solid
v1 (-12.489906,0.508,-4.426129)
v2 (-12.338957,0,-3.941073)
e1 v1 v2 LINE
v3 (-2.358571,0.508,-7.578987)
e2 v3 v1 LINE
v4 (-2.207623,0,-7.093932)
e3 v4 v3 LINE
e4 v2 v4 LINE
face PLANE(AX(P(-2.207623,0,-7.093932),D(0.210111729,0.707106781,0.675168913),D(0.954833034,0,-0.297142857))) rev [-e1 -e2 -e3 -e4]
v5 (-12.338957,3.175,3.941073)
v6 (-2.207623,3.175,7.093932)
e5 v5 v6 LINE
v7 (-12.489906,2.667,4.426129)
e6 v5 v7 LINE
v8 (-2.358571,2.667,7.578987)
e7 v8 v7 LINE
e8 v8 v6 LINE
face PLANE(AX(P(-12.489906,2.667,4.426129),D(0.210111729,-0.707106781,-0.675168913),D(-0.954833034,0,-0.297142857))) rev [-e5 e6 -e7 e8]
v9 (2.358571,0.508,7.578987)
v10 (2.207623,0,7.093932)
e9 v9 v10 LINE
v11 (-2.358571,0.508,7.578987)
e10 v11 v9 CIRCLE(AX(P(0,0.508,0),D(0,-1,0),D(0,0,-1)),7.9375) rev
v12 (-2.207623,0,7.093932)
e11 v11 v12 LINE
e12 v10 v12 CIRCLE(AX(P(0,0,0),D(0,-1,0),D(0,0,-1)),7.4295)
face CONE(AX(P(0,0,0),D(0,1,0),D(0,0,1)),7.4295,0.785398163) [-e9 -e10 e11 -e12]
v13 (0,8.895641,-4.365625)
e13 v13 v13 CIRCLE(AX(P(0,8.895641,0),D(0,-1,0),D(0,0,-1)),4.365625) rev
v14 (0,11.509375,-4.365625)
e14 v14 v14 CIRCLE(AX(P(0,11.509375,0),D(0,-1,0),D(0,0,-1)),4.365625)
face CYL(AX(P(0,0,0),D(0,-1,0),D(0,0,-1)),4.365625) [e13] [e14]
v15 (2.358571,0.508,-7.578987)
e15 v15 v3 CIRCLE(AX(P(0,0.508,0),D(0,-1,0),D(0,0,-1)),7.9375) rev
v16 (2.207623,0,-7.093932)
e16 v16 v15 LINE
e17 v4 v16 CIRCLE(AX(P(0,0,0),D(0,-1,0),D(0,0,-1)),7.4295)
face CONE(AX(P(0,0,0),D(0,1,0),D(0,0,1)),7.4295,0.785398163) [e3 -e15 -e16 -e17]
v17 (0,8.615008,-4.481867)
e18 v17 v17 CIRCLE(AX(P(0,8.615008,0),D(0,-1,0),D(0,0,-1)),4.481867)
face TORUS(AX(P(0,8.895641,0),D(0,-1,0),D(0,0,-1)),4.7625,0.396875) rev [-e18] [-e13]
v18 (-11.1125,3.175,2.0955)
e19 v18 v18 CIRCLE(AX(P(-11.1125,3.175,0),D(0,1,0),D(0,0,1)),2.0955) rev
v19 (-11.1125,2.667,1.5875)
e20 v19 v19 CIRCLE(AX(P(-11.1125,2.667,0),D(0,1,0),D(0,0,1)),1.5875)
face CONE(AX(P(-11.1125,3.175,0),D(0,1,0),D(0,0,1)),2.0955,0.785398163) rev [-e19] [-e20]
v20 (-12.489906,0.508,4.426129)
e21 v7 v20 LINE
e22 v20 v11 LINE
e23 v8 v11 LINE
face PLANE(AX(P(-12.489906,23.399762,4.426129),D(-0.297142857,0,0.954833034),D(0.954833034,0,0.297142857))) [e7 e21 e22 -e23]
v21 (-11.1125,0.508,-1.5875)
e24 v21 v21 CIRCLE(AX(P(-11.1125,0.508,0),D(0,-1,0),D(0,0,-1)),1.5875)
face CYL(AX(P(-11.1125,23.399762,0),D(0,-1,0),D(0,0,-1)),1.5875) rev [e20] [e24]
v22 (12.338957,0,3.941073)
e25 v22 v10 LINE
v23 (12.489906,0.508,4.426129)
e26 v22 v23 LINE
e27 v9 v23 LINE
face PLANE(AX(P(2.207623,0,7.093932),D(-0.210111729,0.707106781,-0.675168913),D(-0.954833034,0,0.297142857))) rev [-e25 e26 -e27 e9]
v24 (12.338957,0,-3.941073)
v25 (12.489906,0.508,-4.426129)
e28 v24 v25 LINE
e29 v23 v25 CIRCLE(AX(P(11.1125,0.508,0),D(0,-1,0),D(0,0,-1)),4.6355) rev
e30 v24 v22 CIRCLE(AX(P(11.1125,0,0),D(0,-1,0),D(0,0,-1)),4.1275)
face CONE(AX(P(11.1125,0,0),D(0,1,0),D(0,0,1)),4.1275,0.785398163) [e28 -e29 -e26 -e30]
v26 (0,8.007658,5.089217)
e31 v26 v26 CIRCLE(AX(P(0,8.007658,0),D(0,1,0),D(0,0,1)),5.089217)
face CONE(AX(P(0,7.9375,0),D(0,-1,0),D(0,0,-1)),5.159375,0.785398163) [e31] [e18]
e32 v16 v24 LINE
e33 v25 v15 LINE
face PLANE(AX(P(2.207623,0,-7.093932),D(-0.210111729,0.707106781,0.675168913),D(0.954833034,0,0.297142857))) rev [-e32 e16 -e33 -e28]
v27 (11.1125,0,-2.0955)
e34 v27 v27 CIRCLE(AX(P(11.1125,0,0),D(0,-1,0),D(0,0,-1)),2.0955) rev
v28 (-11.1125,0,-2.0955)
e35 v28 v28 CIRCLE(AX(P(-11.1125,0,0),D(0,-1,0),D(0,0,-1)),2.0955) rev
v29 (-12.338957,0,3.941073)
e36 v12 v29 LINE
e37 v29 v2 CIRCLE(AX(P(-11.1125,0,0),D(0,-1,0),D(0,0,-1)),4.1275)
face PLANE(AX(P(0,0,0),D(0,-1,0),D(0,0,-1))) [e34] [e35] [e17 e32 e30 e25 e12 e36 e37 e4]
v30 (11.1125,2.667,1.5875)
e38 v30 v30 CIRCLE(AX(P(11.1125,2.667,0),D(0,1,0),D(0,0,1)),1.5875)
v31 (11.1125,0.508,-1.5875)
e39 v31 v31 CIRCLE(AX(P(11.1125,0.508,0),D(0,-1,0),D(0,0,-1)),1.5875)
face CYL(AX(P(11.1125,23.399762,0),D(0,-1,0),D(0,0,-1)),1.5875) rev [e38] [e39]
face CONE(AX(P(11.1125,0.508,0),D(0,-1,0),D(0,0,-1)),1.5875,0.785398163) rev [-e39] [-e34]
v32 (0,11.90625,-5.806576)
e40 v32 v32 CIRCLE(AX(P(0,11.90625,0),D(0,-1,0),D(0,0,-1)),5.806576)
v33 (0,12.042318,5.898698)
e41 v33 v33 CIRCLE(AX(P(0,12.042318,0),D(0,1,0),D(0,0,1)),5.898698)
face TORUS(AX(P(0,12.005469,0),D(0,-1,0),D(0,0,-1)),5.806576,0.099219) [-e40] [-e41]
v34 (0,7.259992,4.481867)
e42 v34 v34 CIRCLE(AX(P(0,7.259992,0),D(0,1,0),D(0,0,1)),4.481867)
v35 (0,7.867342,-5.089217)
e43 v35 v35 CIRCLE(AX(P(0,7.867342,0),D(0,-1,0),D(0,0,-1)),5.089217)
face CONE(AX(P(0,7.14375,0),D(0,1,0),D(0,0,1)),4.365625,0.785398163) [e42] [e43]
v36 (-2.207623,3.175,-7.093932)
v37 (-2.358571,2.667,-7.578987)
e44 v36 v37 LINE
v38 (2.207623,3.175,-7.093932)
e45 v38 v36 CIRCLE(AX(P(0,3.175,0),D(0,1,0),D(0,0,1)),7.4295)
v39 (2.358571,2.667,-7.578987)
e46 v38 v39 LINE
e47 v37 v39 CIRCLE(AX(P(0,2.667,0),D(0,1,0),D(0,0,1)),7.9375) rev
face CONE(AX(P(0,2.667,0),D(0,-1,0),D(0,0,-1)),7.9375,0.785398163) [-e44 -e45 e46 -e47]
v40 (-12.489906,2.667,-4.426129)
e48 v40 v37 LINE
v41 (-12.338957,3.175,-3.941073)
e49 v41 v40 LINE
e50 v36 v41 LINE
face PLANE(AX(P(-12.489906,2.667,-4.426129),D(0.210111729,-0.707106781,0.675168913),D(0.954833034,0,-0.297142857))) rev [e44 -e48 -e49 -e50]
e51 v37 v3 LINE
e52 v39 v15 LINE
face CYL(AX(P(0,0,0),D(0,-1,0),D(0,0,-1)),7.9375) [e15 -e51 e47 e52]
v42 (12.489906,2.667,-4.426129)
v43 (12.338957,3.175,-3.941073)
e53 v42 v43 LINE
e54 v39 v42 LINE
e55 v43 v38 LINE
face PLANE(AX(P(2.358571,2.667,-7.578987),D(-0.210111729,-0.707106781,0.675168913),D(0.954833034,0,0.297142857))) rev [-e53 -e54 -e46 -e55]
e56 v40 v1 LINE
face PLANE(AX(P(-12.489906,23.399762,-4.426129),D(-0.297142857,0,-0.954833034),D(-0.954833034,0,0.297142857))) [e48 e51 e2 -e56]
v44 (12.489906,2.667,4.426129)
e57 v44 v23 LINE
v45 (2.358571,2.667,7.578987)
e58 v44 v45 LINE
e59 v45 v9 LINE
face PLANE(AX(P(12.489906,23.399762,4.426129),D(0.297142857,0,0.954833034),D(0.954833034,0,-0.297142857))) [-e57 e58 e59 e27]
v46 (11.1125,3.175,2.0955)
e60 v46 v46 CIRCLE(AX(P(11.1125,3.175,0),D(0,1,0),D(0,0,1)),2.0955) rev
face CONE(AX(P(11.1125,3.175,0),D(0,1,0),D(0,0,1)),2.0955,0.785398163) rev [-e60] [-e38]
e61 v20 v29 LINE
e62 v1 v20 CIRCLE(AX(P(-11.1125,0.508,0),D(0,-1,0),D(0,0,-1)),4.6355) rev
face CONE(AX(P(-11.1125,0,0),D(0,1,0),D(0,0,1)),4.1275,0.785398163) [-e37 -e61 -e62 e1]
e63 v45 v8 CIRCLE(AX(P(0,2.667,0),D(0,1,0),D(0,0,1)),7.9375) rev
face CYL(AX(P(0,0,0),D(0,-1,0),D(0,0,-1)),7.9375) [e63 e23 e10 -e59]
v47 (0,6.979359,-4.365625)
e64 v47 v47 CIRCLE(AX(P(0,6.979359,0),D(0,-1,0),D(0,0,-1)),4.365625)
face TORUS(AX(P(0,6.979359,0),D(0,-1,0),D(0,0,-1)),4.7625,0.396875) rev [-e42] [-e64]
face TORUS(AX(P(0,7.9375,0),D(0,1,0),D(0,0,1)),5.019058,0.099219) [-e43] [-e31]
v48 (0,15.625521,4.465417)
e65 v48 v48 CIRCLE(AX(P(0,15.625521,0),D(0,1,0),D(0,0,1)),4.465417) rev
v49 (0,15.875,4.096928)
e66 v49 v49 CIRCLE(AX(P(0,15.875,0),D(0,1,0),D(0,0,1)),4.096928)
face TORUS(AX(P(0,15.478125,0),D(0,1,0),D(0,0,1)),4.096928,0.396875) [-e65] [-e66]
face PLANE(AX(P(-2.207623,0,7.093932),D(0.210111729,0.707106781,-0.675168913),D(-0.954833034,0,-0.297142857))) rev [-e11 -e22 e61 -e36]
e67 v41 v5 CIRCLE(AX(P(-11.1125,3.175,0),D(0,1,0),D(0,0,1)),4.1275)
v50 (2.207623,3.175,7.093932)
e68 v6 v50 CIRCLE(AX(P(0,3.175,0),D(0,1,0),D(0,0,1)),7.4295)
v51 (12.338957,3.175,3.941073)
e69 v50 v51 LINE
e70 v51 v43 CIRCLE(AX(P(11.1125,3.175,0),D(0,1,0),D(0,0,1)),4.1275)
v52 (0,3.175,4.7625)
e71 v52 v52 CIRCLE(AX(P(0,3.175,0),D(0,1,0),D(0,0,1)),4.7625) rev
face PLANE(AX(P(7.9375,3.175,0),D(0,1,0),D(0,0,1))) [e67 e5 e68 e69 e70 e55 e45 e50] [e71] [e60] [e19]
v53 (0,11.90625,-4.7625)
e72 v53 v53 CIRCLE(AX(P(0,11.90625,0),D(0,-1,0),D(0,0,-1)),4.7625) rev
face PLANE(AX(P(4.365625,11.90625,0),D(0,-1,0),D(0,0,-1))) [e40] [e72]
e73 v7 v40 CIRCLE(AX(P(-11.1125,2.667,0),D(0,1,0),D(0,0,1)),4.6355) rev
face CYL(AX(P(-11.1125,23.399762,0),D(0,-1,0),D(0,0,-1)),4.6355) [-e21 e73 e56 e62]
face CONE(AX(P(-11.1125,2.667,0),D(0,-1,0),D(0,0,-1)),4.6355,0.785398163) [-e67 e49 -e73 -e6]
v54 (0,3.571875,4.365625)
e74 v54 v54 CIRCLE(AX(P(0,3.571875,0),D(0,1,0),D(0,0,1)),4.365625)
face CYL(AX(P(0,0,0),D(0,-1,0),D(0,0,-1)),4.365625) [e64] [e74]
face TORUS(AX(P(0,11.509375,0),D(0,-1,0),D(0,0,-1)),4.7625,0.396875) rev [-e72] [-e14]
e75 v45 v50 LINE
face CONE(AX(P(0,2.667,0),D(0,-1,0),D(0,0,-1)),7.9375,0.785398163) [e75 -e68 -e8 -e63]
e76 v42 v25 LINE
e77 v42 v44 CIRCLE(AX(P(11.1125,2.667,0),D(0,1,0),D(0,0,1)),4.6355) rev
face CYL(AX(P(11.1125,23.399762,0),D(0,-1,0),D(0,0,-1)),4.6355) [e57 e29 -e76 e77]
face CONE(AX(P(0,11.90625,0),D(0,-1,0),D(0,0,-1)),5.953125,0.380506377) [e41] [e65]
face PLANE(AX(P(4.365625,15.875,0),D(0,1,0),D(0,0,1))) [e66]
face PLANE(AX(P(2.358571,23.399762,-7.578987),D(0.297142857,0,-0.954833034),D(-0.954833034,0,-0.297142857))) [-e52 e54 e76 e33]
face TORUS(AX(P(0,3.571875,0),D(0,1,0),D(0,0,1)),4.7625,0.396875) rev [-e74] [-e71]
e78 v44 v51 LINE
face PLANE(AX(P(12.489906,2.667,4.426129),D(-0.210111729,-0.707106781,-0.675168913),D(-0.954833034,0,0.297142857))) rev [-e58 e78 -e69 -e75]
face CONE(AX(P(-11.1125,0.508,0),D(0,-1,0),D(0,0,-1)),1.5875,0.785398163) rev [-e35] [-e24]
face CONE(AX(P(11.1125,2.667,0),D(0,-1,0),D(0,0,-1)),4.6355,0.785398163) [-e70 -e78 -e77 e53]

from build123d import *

# Parameters (mm, degrees)
SKETCH3_R           = 1.5875
BOSS_EXTRUDE2_DEPTH = 3.175
FILLET1_R           = 0.396875
FILLET2_R           = 0.09921875
CHAMFER1_SIZE       = 0.508


with BuildPart() as part:
    # Sketch1 → Revolve1 (revolve)
    with BuildSketch(Plane.XY):
        Polygon((0, 0), (7.9375, 0), (7.9375, 3.175), (4.365625, 3.175), (4.365625, 7.14375), (5.159375, 7.9375), (4.365625, 8.73125), (4.365625, 11.90625), (5.953125, 11.90625), (4.365625, 15.875), (0, 15.875), align=None)
    revolve(axis=Axis((0, 0, 0), (0, 1, 0)))

    # Sketch3 → Boss-Extrude2 (add)
    with BuildSketch(Plane.XZ):
        with BuildLine():
            Line((-12.489905714, 4.426128528), (-2.358571429, 7.578987206))
            ThreePointArc((-2.358571429, 7.578987206), (-5.442108037, 5.778180194), (-7.424238571, 2.807950834))
            ThreePointArc((-7.424238571, 2.807950834), (-7.808130375, 1.427237294), (-7.9375, 0))
            ThreePointArc((-7.9375, 0), (-7.808130375, -1.427237294), (-7.424238571, -2.807950834))
            ThreePointArc((-7.424238571, -2.807950834), (-5.442108037, -5.778180194), (-2.358571429, -7.578987206))
            Line((-2.358571429, -7.578987206), (-12.489905714, -4.426128528))
            ThreePointArc((-12.489905714, -4.426128528), (-15.748, 0), (-12.489905714, 4.426128528))
        make_face()
        with Locations((-11.1125, 0)):
            Circle(SKETCH3_R, mode=Mode.SUBTRACT)
        with BuildLine():
            Line((2.358571429, -7.578987206), (12.489905714, -4.426128528))
            ThreePointArc((12.489905714, -4.426128528), (15.748, 0), (12.489905714, 4.426128528))
            Line((12.489905714, 4.426128528), (2.358571429, 7.578987206))
            ThreePointArc((2.358571429, 7.578987206), (5.442108037, 5.778180194), (7.424238571, 2.807950834))
            ThreePointArc((7.424238571, 2.807950834), (7.808130375, 1.427237294), (7.9375, 0))
            ThreePointArc((7.9375, 0), (7.808130375, -1.427237294), (7.424238571, -2.807950834))
            ThreePointArc((7.424238571, -2.807950834), (5.442108037, -5.778180194), (2.358571429, -7.578987206))
        make_face()
        with Locations((11.1125, 0)):
            Circle(SKETCH3_R, mode=Mode.SUBTRACT)
    extrude(amount=-BOSS_EXTRUDE2_DEPTH)

    # Fillet1
    fillet1_edges = [part.edges().sort_by_distance(p)[0] for p in [
        (-4.365625, 11.90625, 0),
        (-4.365625, 8.73125, 0),
        (-4.365625, 7.14375, 0),
        (-4.365625, 3.175, 0),
        (-4.365625, 15.875, 0),
    ]]
    fillet(fillet1_edges, radius=FILLET1_R)

    # Fillet2
    fillet2_edges = [part.edges().sort_by_distance(p)[0] for p in [
        (-5.159375, 7.9375, 0),
        (-5.953125, 11.90625, 0),
    ]]
    fillet(fillet2_edges, radius=FILLET2_R)

    # Chamfer1
    chamfer1_edges = [part.edges().sort_by_distance(p)[0] for p in [
        (0, 3.175, 7.9375),
        (0, 0, 7.9375),
        (7.424238571, 3.175, 6.002557867),
        (15.748, 3.175, 0),
        (7.424238571, 3.175, -6.002557867),
        (9.525, 0, 0),
        (7.424238571, 0, -6.002557867),
        (15.748, 0, 0),
        (7.424238571, 0, 6.002557867),
        (9.525, 3.175, 0),
        (0, 3.175, -7.9375),
        (0, 0, -7.9375),
        (-7.424238571, 3.175, -6.002557867),
        (-15.748, 3.175, 0),
        (-7.424238571, 3.175, 6.002557867),
        (-12.7, 0, 0),
        (-7.424238571, 0, 6.002557867),
        (-15.748, 0, 0),
        (-7.424238571, 0, -6.002557867),
        (-12.7, 3.175, 0),
    ]]
    chamfer(chamfer1_edges, length=CHAMFER1_SIZE)


solid = part.part
